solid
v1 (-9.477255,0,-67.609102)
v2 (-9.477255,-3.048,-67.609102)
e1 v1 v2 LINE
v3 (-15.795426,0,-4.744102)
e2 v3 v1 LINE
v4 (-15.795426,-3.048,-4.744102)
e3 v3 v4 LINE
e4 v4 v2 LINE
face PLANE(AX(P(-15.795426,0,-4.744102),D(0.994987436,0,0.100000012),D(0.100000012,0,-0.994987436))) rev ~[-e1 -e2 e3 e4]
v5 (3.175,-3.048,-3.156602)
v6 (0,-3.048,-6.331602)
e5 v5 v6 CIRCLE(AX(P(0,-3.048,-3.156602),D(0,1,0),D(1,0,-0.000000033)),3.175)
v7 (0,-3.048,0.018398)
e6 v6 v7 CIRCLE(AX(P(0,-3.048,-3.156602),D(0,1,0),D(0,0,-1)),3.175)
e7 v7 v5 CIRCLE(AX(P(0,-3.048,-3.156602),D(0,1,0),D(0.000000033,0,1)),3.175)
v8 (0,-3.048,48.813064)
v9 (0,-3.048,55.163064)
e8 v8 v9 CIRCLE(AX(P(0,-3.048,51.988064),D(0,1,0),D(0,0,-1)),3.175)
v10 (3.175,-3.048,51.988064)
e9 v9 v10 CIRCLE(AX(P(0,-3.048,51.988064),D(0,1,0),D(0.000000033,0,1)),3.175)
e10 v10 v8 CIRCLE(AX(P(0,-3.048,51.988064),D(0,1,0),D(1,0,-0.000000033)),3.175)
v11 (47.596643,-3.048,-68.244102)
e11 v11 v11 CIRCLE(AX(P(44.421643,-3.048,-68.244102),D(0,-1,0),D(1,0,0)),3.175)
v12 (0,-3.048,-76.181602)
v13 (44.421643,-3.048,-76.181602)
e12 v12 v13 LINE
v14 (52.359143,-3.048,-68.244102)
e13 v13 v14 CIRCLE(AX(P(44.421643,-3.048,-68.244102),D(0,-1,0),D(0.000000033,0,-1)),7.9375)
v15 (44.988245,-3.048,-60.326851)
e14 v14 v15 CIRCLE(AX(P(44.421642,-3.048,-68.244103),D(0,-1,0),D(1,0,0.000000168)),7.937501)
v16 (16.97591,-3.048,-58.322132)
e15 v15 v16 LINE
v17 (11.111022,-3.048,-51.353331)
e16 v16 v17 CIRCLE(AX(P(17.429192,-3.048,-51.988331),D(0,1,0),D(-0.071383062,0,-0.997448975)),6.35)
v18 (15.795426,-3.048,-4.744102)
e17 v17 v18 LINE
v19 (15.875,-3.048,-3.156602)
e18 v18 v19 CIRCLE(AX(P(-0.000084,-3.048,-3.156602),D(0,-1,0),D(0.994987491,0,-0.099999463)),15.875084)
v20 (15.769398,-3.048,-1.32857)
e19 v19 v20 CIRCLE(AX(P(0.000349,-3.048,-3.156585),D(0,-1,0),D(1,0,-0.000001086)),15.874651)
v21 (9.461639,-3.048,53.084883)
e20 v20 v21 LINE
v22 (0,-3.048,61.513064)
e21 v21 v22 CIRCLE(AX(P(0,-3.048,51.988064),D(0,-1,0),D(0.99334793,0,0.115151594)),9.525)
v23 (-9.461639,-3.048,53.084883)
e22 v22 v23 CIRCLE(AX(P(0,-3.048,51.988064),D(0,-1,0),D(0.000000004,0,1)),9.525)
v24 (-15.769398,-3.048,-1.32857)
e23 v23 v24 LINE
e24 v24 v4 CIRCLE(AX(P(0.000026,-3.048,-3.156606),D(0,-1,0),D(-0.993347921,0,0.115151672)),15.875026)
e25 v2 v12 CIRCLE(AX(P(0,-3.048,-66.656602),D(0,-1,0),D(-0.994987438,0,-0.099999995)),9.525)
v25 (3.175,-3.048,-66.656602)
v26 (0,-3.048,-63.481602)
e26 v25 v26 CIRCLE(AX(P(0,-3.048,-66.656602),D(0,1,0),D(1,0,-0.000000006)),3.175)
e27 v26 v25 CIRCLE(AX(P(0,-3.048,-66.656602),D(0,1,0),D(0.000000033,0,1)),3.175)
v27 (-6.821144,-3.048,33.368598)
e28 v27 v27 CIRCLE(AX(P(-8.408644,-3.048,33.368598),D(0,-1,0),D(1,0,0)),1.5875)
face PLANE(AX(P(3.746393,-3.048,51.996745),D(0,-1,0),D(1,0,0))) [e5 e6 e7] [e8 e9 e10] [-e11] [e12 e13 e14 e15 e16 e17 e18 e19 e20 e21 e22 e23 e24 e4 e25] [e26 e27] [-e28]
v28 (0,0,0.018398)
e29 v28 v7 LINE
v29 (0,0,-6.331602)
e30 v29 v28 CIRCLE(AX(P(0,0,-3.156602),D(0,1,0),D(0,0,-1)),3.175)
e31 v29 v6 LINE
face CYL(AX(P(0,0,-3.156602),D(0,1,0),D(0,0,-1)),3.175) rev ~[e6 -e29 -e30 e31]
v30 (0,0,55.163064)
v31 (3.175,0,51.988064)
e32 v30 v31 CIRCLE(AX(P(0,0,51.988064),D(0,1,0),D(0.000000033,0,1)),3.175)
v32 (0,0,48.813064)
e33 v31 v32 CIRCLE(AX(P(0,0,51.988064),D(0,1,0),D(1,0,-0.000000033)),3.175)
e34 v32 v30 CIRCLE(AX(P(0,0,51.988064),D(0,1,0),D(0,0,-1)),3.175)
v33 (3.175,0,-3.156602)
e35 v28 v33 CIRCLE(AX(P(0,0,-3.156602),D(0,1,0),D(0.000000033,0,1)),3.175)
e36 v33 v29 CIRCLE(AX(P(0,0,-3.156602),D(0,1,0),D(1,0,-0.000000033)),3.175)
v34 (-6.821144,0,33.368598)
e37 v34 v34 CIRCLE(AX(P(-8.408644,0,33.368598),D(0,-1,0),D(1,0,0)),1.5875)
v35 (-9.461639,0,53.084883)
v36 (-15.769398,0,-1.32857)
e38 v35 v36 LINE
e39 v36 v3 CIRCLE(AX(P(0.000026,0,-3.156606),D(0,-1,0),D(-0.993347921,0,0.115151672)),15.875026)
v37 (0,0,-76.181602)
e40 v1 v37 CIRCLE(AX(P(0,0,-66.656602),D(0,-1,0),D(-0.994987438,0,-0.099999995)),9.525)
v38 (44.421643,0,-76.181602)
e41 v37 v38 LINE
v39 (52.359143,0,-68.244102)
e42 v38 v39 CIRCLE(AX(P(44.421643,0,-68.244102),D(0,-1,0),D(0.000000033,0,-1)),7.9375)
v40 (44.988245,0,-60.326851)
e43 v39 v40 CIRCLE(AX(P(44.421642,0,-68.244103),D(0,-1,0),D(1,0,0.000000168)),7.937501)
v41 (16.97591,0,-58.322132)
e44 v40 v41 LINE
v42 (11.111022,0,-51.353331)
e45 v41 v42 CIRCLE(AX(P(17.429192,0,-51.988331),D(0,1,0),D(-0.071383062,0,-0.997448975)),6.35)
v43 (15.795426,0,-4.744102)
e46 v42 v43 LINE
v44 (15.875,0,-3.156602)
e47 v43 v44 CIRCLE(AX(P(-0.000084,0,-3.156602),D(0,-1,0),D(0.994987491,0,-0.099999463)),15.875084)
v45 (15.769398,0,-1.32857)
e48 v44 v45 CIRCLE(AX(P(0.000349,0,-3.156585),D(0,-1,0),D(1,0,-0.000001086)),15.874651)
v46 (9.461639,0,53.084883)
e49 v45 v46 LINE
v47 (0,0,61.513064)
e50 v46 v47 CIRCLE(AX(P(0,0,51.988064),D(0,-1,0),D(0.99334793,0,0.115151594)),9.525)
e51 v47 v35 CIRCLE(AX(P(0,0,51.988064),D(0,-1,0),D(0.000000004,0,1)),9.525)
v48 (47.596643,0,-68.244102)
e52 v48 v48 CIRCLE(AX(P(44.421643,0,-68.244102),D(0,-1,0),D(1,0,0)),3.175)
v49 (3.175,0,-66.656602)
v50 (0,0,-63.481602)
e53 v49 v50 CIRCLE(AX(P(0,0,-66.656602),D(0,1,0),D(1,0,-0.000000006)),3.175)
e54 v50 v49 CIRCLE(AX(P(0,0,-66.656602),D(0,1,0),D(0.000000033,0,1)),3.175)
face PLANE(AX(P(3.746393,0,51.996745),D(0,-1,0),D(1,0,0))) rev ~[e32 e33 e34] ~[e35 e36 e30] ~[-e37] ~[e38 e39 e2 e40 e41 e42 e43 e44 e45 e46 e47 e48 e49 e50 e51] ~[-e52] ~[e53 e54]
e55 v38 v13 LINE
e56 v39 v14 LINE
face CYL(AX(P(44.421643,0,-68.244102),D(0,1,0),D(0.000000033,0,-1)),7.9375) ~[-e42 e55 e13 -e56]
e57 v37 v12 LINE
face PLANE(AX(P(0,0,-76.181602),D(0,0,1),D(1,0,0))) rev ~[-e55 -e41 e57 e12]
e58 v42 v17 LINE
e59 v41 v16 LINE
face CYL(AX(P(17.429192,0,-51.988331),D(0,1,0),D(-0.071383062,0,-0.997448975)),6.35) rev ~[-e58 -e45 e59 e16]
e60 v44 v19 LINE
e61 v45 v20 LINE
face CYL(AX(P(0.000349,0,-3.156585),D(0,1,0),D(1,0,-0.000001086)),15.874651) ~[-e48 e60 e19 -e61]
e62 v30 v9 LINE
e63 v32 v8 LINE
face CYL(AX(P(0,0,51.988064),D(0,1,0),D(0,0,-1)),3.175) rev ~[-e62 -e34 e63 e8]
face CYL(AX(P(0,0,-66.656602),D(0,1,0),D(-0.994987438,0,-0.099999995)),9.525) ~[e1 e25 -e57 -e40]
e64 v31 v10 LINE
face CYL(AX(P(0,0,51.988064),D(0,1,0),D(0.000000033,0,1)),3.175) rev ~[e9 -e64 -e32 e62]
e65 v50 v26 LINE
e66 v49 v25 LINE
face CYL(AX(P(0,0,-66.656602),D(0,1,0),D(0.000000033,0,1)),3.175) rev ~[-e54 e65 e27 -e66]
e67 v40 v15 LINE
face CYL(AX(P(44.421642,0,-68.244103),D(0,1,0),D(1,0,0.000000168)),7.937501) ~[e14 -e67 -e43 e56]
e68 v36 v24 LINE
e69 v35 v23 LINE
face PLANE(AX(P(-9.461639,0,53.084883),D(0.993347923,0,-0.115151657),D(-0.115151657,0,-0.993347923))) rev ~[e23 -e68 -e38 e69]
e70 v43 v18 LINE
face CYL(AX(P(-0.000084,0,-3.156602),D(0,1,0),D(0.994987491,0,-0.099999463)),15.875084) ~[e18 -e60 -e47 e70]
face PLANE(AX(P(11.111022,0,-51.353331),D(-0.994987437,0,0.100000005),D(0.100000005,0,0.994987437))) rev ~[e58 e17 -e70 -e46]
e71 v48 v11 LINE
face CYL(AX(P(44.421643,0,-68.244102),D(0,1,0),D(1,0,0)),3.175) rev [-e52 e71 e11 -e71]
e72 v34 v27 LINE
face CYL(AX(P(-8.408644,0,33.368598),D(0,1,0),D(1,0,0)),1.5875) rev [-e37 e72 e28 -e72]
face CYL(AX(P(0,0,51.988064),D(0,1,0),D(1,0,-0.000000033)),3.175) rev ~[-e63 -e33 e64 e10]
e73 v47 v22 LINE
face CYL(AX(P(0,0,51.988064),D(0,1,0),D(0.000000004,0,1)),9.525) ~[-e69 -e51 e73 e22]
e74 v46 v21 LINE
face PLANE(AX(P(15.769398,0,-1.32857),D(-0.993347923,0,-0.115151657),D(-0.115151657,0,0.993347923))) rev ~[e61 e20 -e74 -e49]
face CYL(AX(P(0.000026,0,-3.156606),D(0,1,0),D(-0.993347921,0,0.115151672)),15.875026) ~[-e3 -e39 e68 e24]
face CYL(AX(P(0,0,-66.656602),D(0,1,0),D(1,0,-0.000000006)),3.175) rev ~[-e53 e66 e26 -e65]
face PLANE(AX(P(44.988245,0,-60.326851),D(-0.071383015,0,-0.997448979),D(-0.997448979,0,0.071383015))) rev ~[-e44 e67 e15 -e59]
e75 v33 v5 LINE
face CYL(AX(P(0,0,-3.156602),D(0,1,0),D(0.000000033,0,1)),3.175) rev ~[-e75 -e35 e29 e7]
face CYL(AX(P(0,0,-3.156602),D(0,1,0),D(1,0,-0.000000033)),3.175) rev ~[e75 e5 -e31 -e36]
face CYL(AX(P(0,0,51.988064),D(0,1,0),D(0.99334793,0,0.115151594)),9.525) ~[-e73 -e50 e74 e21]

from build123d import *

# Parameters (mm, degrees)
F0_R     = 1.5875
F0_R_2   = 3.175
F1_DEPTH = 3.048


with BuildPart() as f1:
    # F0 (on Front) → F1 (new body)
    with BuildSketch(Plane.XZ):
        with BuildLine():
            ThreePointArc((0, 55.163064), (2.245064, 54.233128), (3.175, 51.988064))
            ThreePointArc((3.175, 51.988064), (2.245064, 49.743), (0, 48.813064))
            Line((0, 48.813064), (0, 42.463064))
            ThreePointArc((0, 42.463064), (6.735192, 45.252872), (9.525, 51.988064))
            ThreePointArc((9.525, 51.988064), (9.509147, 52.537388), (9.461639, 53.084883))
            ThreePointArc((9.461639, 53.084883), (6.335551, 59.100477), (0, 61.513064))
            Line((0, 61.513064), (0, 55.163064))
        make_face()
        with BuildLine():
            ThreePointArc((0, 48.813064), (-3.175, 51.988064), (0, 55.163064))
            Line((0, 55.163064), (0, 61.513064))
            ThreePointArc((0, 61.513064), (-6.335551, 59.100477), (-9.461639, 53.084883))
            ThreePointArc((-9.461639, 53.084883), (-7.112413, 45.652513), (0, 42.463064))
            Line((0, 42.463064), (0, 48.813064))
        make_face()
        with BuildLine():
            Line((0, 12.718398), (0, 42.463064))
            ThreePointArc((0, 42.463064), (-7.112413, 45.652513), (-9.461639, 53.084883))
            Line((-9.461639, 53.084883), (-15.769398, -1.32857))
            ThreePointArc((-15.769398, -1.32857), (-10.559252, 8.697419), (0, 12.718398))
        make_face()
        with Locations((-8.408644, 33.368598)):
            Circle(F0_R, mode=Mode.SUBTRACT)
        with BuildLine():
            ThreePointArc((9.525, 51.988064), (6.735192, 45.252872), (0, 42.463064))
            Line((0, 42.463064), (0, 12.718398))
            ThreePointArc((0, 12.718398), (10.559252, 8.697419), (15.769398, -1.32857))
            Line((15.769398, -1.32857), (9.461639, 53.084883))
            ThreePointArc((9.461639, 53.084883), (9.509147, 52.537388), (9.525, 51.988064))
        make_face()
        with BuildLine():
            Line((0, 0.018398), (0, 12.718398))
            ThreePointArc((0, 12.718398), (-10.559252, 8.697419), (-15.769398, -1.32857))
            ThreePointArc((-15.769398, -1.32857), (-15.874539, -3.035634), (-15.795426, -4.744102))
            ThreePointArc((-15.795426, -4.744102), (-10.649274, -14.929817), (0, -19.031602))
            Line((0, -19.031602), (0, -6.331602))
            ThreePointArc((0, -6.331602), (-3.175, -3.156602), (0, 0.018398))
        make_face()
        with BuildLine():
            ThreePointArc((15.769398, -1.32857), (10.559252, 8.697419), (0, 12.718398))
            Line((0, 12.718398), (0, 0.018398))
            ThreePointArc((0, 0.018398), (2.245064, -0.911538), (3.175, -3.156602))
            ThreePointArc((3.175, -3.156602), (2.245064, -5.401666), (0, -6.331602))
            Line((0, -6.331602), (0, -19.031602))
            ThreePointArc((0, -19.031602), (10.649274, -14.929817), (15.795426, -4.744102))
            ThreePointArc((15.795426, -4.744102), (15.855094, -3.951349), (15.875, -3.156602))
            ThreePointArc((15.875, -3.156602), (15.848578, -2.241062), (15.769398, -1.32857))
        make_face()
        with BuildLine():
            ThreePointArc((0, -19.031602), (-10.649274, -14.929817), (-15.795426, -4.744102))
            Line((-15.795426, -4.744102), (-9.477255, -67.609102))
            ThreePointArc((-9.477255, -67.609102), (-7.063929, -60.267038), (0, -57.131602))
            Line((0, -57.131602), (0, -19.031602))
        make_face()
        with BuildLine():
            Line((11.111022, -51.353331), (15.795426, -4.744102))
            ThreePointArc((15.795426, -4.744102), (10.649274, -14.929817), (0, -19.031602))
            Line((0, -19.031602), (0, -57.131602))
            ThreePointArc((0, -57.131602), (6.735192, -59.92141), (9.525, -66.656602))
            ThreePointArc((9.525, -66.656602), (6.735192, -73.391794), (0, -76.181602))
            Line((0, -76.181602), (44.421643, -76.181602))
            ThreePointArc((44.421643, -76.181602), (36.489207, -67.96062), (44.988245, -60.326851))
            Line((44.988245, -60.326851), (16.97591, -58.322132))
            ThreePointArc((16.97591, -58.322132), (12.570778, -56.077134), (11.111022, -51.353331))
        make_face()
        with BuildLine():
            ThreePointArc((3.175, -66.656602), (2.245064, -64.411538), (0, -63.481602))
            ThreePointArc((0, -63.481602), (-2.245064, -68.901666), (3.175, -66.656602))
        make_face()
        with BuildLine():
            ThreePointArc((0, -57.131602), (-7.063929, -60.267038), (-9.477255, -67.609102))
            ThreePointArc((-9.477255, -67.609102), (-6.389564, -73.720531), (0, -76.181602))
            ThreePointArc((0, -76.181602), (6.735192, -73.391794), (9.525, -66.656602))
            ThreePointArc((9.525, -66.656602), (6.735192, -59.92141), (0, -57.131602))
        make_face()
        with BuildLine():
            ThreePointArc((3.175, -66.656602), (-2.245064, -68.901666), (0, -63.481602))
            ThreePointArc((0, -63.481602), (2.245064, -64.411538), (3.175, -66.656602))
        make_face(mode=Mode.SUBTRACT)
        with BuildLine():
            ThreePointArc((44.988245, -60.326851), (36.489207, -67.96062), (44.421643, -76.181602))
            ThreePointArc((44.421643, -76.181602), (50.034303, -73.856762), (52.359143, -68.244102))
            ThreePointArc((52.359143, -68.244102), (50.231174, -62.835475), (44.988245, -60.326851))
        make_face()
        with Locations((44.421643, -68.244102)):
            Circle(F0_R_2, mode=Mode.SUBTRACT)
    extrude(amount=F1_DEPTH)


solid = f1.part
